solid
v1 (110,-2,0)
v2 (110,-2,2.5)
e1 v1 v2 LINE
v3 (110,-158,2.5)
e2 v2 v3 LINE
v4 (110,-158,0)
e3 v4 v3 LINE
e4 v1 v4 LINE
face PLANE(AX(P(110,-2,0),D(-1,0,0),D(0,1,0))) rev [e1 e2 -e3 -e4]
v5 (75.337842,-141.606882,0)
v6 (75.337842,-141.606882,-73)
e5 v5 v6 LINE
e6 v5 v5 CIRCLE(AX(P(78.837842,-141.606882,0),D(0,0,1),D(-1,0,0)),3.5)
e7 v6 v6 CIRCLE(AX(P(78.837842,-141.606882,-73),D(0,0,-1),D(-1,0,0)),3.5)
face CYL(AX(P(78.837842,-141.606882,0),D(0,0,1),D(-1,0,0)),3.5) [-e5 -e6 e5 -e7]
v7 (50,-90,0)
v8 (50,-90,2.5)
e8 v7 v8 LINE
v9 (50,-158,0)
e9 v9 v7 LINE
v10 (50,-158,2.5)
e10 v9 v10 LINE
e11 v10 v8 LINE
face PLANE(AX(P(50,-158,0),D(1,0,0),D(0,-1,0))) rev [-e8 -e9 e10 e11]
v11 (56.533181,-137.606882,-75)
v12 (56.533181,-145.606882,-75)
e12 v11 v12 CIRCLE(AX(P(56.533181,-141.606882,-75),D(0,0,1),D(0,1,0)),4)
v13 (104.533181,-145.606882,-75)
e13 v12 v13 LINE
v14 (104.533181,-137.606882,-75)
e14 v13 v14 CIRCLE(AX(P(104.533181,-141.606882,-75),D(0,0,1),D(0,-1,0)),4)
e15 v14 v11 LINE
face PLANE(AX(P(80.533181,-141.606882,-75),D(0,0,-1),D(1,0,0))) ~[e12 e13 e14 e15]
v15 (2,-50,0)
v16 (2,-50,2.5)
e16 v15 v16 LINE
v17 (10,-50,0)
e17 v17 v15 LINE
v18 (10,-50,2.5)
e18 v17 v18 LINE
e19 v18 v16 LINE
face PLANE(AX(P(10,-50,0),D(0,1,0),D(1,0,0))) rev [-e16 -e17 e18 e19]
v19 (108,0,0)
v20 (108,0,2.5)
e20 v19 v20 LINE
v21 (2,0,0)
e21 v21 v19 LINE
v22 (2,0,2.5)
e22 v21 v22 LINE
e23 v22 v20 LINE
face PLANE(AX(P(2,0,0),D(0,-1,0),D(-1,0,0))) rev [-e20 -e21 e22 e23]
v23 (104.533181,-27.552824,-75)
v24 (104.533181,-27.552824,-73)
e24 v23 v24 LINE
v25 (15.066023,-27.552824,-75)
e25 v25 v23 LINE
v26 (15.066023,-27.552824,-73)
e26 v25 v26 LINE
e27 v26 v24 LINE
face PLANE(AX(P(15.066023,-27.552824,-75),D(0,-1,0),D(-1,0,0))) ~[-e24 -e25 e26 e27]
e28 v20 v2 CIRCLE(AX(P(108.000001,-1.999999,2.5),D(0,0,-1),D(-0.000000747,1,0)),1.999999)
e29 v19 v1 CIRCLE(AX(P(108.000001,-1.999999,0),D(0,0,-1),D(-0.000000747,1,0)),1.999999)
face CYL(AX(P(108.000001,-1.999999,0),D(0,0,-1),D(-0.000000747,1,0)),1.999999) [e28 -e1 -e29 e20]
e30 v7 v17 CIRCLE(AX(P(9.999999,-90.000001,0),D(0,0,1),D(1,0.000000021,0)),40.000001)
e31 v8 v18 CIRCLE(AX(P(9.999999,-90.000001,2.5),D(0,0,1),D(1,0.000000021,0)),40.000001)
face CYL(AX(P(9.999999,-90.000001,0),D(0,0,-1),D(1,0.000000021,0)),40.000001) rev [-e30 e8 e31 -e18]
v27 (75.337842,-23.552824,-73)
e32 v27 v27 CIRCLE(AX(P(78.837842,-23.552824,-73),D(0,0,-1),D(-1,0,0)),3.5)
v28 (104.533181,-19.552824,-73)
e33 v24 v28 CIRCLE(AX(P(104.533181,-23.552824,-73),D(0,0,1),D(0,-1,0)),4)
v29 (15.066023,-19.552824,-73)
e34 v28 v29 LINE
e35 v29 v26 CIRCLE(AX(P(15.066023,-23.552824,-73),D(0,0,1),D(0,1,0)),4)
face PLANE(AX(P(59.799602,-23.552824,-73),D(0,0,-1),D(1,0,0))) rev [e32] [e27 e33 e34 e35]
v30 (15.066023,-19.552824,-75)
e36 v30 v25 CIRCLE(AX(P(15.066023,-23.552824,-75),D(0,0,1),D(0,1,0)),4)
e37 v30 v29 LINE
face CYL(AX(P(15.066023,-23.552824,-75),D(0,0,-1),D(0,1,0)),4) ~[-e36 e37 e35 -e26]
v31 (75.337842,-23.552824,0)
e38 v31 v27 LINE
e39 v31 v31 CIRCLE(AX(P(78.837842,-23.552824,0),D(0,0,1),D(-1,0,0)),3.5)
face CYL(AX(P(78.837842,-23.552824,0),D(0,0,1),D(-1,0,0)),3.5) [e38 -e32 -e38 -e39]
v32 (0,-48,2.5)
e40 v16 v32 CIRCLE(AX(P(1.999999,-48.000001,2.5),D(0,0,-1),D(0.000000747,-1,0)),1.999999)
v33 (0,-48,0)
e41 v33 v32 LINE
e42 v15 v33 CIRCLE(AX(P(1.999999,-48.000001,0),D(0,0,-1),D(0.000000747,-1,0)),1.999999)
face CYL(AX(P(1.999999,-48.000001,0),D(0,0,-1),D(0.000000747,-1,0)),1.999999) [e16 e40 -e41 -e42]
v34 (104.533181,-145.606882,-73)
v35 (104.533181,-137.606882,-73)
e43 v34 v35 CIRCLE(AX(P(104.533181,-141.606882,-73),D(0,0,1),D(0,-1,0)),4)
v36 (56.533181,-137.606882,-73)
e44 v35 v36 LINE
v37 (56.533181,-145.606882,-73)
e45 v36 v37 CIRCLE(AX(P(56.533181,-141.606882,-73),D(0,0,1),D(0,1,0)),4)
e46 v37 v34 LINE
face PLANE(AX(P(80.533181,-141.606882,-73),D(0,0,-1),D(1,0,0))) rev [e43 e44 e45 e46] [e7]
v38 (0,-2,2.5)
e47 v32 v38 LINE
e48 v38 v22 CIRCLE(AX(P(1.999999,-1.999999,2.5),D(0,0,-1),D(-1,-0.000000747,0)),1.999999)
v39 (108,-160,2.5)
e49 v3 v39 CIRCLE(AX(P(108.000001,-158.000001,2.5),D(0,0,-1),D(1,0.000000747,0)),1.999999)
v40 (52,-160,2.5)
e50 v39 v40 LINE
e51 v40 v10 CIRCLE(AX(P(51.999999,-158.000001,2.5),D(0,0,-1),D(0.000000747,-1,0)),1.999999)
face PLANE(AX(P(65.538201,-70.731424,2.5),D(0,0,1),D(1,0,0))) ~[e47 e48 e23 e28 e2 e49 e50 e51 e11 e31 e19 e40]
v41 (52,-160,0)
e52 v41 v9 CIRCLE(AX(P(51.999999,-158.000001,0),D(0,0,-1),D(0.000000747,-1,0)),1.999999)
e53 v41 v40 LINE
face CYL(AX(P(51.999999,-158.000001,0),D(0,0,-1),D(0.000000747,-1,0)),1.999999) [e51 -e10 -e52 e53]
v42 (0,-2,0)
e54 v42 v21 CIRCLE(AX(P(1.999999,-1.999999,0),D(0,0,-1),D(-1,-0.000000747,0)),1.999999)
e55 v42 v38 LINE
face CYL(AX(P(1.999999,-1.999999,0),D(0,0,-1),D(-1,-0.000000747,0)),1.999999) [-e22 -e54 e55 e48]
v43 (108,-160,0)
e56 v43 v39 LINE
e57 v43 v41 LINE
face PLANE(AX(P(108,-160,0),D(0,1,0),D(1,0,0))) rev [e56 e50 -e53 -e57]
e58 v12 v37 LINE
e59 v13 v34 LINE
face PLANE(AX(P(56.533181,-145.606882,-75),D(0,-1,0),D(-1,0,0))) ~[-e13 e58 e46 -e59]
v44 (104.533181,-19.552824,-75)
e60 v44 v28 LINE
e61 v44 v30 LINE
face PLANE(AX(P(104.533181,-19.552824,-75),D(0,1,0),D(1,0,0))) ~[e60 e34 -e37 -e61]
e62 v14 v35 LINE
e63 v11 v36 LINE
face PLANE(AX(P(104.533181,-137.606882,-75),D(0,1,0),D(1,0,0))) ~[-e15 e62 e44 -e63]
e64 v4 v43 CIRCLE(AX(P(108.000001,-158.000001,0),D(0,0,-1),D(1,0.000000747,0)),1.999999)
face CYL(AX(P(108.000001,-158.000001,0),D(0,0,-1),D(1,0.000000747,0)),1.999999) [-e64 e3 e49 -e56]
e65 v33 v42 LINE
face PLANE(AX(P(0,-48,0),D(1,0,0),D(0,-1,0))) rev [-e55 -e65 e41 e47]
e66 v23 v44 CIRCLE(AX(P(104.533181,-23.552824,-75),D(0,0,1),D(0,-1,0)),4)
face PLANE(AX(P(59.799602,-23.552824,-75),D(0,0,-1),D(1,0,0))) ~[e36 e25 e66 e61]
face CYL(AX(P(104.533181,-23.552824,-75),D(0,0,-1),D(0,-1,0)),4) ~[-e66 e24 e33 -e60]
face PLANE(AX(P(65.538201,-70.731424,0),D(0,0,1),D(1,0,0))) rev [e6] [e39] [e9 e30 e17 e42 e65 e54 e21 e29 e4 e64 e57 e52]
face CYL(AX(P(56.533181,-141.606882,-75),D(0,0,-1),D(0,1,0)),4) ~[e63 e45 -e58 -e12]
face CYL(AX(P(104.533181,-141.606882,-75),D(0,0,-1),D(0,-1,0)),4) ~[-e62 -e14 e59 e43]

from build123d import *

# Parameters (mm, degrees)
F1_DEPTH = 2.5
F2_R     = 3.5
F3_DEPTH = 75
F5_DEPTH = 2


with BuildPart() as f1:
    # F0 (on Top) → F1 (new body)
    with BuildSketch(Plane.XY):
        with BuildLine():
            ThreePointArc((0, -2), (-0.585786, -0.585786), (-2, 0))
            Line((-2, 0), (-108, 0))
            ThreePointArc((-108, 0), (-109.414214, -0.585786), (-110, -2))
            Line((-110, -2), (-110, -158))
            ThreePointArc((-110, -158), (-109.414214, -159.414214), (-108, -160))
            Line((-108, -160), (-52, -160))
            ThreePointArc((-52, -160), (-50.585786, -159.414214), (-50, -158))
            Line((-50, -158), (-50, -90))
            ThreePointArc((-50, -90), (-38.284271, -61.715729), (-10, -50))
            Line((-10, -50), (-2, -50))
            ThreePointArc((-2, -50), (-0.585786, -49.414214), (0, -48))
            Line((0, -48), (0, -2))
        make_face()
    extrude(amount=F1_DEPTH)

    # F2 (on face) → F3 (join)
    with BuildSketch(Plane(origin=(0, 0, 0), x_dir=(1, 0, 0), z_dir=(0, 0, -1))):
        with Locations((-78.837842, 141.606882)):
            Circle(F2_R)
        with Locations((-78.837842, 23.552824)):
            Circle(F2_R)
    extrude(amount=F3_DEPTH)

    # F4 (on face) → F5 (join)
    with BuildSketch(Plane(origin=(0, 0, -75), x_dir=(1, 0, 0), z_dir=(0, 0, -1))):
        with BuildLine():
            ThreePointArc((-56.533181, 137.606882), (-52.533181, 141.606882), (-56.533181, 145.606882))
            Line((-56.533181, 145.606882), (-104.533181, 145.606882))
            ThreePointArc((-104.533181, 145.606882), (-108.533181, 141.606882), (-104.533181, 137.606882))
            Line((-104.533181, 137.606882), (-56.533181, 137.606882))
        make_face()
        with BuildLine():
            ThreePointArc((-82.337842, 141.606882), (-78.837842, 145.106882), (-75.337842, 141.606882))
            ThreePointArc((-75.337842, 141.606882), (-78.837842, 138.106882), (-82.337842, 141.606882))
        make_face(mode=Mode.SUBTRACT)
        with BuildLine():
            ThreePointArc((-104.533181, 27.552824), (-108.533181, 23.552824), (-104.533181, 19.552824))
            Line((-104.533181, 19.552824), (-15.066023, 19.552824))
            ThreePointArc((-15.066023, 19.552824), (-11.066023, 23.552824), (-15.066023, 27.552824))
            Line((-15.066023, 27.552824), (-104.533181, 27.552824))
        make_face()
        with BuildLine():
            ThreePointArc((-82.337842, 23.552824), (-78.837842, 27.052824), (-75.337842, 23.552824))
            ThreePointArc((-75.337842, 23.552824), (-78.837842, 20.052824), (-82.337842, 23.552824))
        make_face(mode=Mode.SUBTRACT)
        with BuildLine():
            ThreePointArc((-82.337842, 23.552824), (-78.837842, 20.052824), (-75.337842, 23.552824))
            Line((-75.337842, 23.552824), (-82.337842, 23.552824))
        make_face()
    extrude(amount=-F5_DEPTH)


with BuildPart() as f6_1:
    # F6: instance of F1
    add(f1.part.mirror(Plane.YZ))


solid = f6_1.part
